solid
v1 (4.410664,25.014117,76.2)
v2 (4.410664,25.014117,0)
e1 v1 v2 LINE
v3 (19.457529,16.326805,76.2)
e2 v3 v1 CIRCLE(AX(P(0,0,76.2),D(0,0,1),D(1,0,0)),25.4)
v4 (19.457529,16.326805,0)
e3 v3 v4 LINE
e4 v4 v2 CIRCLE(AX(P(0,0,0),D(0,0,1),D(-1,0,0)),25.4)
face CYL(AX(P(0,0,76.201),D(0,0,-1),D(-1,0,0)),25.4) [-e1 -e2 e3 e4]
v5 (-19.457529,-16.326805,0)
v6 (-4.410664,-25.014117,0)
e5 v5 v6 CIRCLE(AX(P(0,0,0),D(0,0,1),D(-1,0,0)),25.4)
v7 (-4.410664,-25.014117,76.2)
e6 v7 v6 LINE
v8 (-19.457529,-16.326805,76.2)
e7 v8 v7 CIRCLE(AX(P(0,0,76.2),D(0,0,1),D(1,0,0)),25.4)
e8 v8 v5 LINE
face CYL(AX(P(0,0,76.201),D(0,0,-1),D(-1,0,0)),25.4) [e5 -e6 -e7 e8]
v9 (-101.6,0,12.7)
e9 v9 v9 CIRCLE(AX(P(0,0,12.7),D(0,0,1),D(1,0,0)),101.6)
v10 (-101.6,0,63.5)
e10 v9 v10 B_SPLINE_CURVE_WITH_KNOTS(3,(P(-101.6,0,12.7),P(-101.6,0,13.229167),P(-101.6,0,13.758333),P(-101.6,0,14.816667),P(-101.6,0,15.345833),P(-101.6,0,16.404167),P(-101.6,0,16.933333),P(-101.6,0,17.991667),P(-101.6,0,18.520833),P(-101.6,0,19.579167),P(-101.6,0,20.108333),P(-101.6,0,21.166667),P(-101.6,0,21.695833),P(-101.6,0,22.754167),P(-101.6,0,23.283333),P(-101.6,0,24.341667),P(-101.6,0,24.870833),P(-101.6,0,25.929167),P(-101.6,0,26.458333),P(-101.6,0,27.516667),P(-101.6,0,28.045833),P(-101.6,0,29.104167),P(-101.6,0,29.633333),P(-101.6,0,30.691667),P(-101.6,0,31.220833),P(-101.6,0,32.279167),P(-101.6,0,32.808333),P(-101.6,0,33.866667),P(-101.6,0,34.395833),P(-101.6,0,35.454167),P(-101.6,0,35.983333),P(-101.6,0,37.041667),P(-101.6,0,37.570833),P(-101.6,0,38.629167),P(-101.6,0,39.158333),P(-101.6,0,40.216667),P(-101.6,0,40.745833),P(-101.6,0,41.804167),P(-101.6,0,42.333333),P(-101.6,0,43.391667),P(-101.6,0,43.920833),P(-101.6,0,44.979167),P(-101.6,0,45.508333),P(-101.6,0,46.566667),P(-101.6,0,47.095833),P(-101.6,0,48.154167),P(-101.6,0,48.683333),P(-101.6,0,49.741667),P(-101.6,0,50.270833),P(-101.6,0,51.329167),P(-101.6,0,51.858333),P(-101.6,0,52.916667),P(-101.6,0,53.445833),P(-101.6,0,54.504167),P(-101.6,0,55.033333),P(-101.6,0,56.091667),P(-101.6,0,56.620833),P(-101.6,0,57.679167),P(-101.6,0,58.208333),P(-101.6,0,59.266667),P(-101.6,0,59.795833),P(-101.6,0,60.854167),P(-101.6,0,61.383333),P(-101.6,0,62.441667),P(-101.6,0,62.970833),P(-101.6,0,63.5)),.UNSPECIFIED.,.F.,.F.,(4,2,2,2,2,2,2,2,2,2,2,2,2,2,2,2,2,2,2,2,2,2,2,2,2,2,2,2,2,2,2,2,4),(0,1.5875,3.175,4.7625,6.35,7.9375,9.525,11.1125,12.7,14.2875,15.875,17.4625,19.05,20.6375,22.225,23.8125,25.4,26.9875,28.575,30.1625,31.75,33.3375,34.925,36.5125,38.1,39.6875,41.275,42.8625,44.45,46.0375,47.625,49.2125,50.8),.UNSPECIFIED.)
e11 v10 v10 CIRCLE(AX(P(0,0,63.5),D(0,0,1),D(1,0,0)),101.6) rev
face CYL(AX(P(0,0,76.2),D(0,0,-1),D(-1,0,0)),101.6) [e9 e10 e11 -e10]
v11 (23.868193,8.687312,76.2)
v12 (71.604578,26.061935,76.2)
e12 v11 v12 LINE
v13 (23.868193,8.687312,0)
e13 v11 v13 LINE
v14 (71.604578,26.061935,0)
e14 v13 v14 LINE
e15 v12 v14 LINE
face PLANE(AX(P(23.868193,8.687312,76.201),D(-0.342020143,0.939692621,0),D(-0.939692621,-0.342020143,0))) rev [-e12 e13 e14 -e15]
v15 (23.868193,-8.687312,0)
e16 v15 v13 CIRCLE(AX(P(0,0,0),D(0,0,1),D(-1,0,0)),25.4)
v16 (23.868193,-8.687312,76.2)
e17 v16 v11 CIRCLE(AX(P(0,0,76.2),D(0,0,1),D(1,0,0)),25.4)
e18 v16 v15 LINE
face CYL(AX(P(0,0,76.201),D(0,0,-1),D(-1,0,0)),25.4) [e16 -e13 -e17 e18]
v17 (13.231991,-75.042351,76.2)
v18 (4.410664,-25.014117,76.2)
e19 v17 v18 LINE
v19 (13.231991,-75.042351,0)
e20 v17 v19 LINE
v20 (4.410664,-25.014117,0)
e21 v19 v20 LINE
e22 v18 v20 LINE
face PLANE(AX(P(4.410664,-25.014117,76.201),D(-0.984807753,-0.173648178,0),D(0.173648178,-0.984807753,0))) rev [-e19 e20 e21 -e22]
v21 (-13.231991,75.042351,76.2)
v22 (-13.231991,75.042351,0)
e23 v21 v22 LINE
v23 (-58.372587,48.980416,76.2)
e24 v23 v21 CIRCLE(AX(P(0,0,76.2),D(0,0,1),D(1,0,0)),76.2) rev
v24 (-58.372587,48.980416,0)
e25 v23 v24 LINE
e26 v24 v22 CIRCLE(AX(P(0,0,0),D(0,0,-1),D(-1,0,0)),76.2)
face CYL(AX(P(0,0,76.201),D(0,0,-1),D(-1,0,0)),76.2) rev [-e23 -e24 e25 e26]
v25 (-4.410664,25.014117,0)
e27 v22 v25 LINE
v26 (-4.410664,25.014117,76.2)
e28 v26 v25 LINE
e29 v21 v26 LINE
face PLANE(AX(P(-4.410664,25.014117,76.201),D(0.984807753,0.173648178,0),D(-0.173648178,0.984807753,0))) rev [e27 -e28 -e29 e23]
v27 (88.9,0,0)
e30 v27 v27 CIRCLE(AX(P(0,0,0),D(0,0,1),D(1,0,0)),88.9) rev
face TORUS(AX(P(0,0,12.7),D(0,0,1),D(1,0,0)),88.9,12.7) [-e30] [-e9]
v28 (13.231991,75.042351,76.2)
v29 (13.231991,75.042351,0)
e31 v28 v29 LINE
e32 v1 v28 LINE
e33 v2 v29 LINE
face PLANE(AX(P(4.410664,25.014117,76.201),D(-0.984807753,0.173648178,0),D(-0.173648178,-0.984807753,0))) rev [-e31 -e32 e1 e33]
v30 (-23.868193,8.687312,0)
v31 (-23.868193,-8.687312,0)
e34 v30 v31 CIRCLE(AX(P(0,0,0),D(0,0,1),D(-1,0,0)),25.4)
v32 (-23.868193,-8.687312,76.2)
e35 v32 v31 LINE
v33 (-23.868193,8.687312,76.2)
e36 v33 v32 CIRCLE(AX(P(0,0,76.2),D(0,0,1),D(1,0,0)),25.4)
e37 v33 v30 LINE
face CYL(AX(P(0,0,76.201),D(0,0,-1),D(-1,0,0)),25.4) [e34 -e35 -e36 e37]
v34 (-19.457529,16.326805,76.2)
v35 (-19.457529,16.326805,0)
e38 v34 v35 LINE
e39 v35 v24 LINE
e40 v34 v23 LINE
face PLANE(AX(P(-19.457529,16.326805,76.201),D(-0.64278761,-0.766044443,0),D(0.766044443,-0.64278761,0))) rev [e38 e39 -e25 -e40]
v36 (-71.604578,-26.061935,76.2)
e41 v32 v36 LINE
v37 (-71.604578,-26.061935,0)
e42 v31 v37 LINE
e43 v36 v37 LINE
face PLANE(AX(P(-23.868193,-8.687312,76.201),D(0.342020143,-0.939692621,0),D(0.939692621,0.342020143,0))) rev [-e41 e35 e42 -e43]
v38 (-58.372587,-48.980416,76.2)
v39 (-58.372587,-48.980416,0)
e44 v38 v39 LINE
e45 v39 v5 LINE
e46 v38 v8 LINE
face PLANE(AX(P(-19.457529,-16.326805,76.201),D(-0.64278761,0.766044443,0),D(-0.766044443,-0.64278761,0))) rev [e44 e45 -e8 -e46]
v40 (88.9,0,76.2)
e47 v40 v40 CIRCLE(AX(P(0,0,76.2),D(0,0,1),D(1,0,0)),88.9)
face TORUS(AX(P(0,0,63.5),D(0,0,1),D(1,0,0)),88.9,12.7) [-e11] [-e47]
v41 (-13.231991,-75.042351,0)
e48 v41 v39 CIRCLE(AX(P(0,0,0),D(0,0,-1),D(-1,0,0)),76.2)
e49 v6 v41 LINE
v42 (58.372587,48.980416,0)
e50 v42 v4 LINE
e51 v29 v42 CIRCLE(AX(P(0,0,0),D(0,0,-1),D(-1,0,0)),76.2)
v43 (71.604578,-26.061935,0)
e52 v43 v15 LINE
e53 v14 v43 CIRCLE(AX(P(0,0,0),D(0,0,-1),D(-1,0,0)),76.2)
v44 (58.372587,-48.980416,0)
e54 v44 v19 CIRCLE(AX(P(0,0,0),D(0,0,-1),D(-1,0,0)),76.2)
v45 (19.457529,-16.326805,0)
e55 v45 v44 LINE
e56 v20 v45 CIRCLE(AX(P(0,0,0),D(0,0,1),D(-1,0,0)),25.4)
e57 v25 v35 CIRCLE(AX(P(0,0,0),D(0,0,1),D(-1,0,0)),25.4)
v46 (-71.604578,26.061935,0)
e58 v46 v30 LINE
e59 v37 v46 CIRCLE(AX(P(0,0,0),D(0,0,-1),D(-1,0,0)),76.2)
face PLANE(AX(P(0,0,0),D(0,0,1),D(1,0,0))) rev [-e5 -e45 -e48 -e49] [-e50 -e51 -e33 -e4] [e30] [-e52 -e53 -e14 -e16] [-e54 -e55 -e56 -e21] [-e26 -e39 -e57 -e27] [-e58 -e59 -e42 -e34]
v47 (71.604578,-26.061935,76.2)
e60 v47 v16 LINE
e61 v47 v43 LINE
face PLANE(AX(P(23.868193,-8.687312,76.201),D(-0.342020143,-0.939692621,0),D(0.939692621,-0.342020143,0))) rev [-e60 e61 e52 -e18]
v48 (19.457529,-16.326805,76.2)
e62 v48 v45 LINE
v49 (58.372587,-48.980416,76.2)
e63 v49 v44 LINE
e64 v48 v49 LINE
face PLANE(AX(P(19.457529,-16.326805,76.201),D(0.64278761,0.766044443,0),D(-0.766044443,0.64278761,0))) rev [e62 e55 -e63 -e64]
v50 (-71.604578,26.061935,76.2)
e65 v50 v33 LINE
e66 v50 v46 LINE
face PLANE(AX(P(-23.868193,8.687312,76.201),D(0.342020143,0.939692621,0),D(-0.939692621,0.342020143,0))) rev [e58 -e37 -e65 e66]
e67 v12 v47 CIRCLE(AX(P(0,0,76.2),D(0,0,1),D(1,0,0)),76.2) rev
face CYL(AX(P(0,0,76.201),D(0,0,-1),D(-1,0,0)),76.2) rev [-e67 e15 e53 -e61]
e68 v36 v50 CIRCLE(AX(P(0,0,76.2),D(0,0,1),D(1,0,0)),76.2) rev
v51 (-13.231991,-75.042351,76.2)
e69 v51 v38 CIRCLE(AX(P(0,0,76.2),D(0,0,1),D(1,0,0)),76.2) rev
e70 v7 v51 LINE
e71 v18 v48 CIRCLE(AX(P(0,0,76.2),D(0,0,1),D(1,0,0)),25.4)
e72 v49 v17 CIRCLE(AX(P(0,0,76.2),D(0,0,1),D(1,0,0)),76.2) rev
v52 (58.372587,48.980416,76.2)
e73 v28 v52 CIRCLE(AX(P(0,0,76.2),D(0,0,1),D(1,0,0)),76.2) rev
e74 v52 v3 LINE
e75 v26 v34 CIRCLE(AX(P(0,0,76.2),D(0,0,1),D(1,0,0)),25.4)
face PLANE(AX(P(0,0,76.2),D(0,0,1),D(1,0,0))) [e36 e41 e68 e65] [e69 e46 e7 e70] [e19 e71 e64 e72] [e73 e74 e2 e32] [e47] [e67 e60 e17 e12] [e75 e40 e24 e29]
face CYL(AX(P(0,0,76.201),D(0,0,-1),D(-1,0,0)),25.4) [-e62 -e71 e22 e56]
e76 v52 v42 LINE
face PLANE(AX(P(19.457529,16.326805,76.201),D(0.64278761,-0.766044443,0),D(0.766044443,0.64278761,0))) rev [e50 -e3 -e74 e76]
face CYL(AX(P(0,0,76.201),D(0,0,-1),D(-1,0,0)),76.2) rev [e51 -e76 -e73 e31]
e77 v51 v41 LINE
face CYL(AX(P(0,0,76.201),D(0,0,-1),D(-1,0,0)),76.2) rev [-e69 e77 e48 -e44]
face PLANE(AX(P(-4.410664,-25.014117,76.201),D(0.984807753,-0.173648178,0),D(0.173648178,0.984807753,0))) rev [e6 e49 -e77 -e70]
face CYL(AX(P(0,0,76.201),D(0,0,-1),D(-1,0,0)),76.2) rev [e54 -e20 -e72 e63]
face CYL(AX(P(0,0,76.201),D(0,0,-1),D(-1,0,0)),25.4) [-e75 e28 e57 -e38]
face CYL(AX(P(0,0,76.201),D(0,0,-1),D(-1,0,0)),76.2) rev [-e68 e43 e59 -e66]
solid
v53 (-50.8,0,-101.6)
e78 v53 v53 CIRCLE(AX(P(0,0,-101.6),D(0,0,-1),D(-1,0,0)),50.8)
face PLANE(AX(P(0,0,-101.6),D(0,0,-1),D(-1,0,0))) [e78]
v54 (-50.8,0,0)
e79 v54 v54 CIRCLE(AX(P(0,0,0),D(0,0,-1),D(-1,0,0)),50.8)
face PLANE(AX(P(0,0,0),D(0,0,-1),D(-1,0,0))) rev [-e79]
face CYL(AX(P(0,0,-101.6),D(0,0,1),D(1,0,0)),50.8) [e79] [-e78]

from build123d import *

# Parameters (mm, degrees)
SKETCH1_R           = 101.6
BOSS_EXTRUDE2_DEPTH = 76.2
CUT_EXTRUDE1_REACH  = 164.639
FILLET1_R           = 12.7
SKETCH6_R           = 50.8
BOSS_EXTRUDE4_DEPTH = 101.6


with BuildPart() as part:
    # Sketch1 → Boss-Extrude2 (new body)
    with BuildSketch(Plane.XY):
        with Locations(Location((0, 0, 0), (0, 0, 180))):
            Circle(SKETCH1_R)
    extrude(amount=BOSS_EXTRUDE2_DEPTH)

    # Sketch5 → Cut-Extrude1 (cut, up to next)
    with BuildSketch(Plane(origin=(0, 0, 0), x_dir=(-1, 0, 0), z_dir=(0, 0, -1)), mode=Mode.PRIVATE) as cut_extrude1_sk1:
        with BuildLine():
            Line((23.868192568, 8.68731164), (71.604577704, 26.061934921))
            ThreePointArc((71.604577704, 26.061934921), (76.2, 0), (71.604577704, -26.061934921))
            Line((71.604577704, -26.061934921), (23.868192568, -8.68731164))
            ThreePointArc((23.868192568, -8.68731164), (25.4, 0), (23.868192568, 8.68731164))
        make_face()
    cut_extrude1_tool1 = extrude(cut_extrude1_sk1.sketch, amount=-CUT_EXTRUDE1_REACH, mode=Mode.PRIVATE) & part.part
    # Sketch5 → Cut-Extrude1 (cut, up to next)
    with BuildSketch(Plane(origin=(0, 0, 0), x_dir=(-1, 0, 0), z_dir=(0, 0, -1)), mode=Mode.PRIVATE) as cut_extrude1_sk2:
        with BuildLine():
            Line((19.457528855, -16.326805286), (58.372586566, -48.980415858))
            ThreePointArc((58.372586566, -48.980415858), (38.1, -65.991135768), (13.231991138, -75.04235078))
            Line((13.231991138, -75.04235078), (4.410663713, -25.014116927))
            ThreePointArc((4.410663713, -25.014116927), (12.7, -21.997045256), (19.457528855, -16.326805286))
        make_face()
    cut_extrude1_tool2 = extrude(cut_extrude1_sk2.sketch, amount=-CUT_EXTRUDE1_REACH, mode=Mode.PRIVATE) & part.part
    # Sketch5 → Cut-Extrude1 (cut, up to next)
    with BuildSketch(Plane(origin=(0, 0, 0), x_dir=(-1, 0, 0), z_dir=(0, 0, -1)), mode=Mode.PRIVATE) as cut_extrude1_sk3:
        with BuildLine():
            Line((-4.410663713, -25.014116927), (-13.231991138, -75.04235078))
            ThreePointArc((-13.231991138, -75.04235078), (-38.1, -65.991135768), (-58.372586566, -48.980415858))
            Line((-58.372586566, -48.980415858), (-19.457528855, -16.326805286))
            ThreePointArc((-19.457528855, -16.326805286), (-12.7, -21.997045256), (-4.410663713, -25.014116927))
        make_face()
    cut_extrude1_tool3 = extrude(cut_extrude1_sk3.sketch, amount=-CUT_EXTRUDE1_REACH, mode=Mode.PRIVATE) & part.part
    # Sketch5 → Cut-Extrude1 (cut, up to next)
    with BuildSketch(Plane(origin=(0, 0, 0), x_dir=(-1, 0, 0), z_dir=(0, 0, -1)), mode=Mode.PRIVATE) as cut_extrude1_sk4:
        with BuildLine():
            Line((-23.868192568, -8.68731164), (-71.604577704, -26.061934921))
            ThreePointArc((-71.604577704, -26.061934921), (-76.2, 0), (-71.604577704, 26.061934921))
            Line((-71.604577704, 26.061934921), (-23.868192568, 8.68731164))
            ThreePointArc((-23.868192568, 8.68731164), (-25.4, 0), (-23.868192568, -8.68731164))
        make_face()
    cut_extrude1_tool4 = extrude(cut_extrude1_sk4.sketch, amount=-CUT_EXTRUDE1_REACH, mode=Mode.PRIVATE) & part.part
    # Sketch5 → Cut-Extrude1 (cut, up to next)
    with BuildSketch(Plane(origin=(0, 0, 0), x_dir=(-1, 0, 0), z_dir=(0, 0, -1)), mode=Mode.PRIVATE) as cut_extrude1_sk5:
        with BuildLine():
            Line((-19.457528855, 16.326805286), (-58.372586566, 48.980415858))
            ThreePointArc((-58.372586566, 48.980415858), (-38.1, 65.991135768), (-13.231991138, 75.04235078))
            Line((-13.231991138, 75.04235078), (-4.410663713, 25.014116927))
            ThreePointArc((-4.410663713, 25.014116927), (-12.7, 21.997045256), (-19.457528855, 16.326805286))
        make_face()
    cut_extrude1_tool5 = extrude(cut_extrude1_sk5.sketch, amount=-CUT_EXTRUDE1_REACH, mode=Mode.PRIVATE) & part.part
    # Sketch5 → Cut-Extrude1 (cut, up to next)
    with BuildSketch(Plane(origin=(0, 0, 0), x_dir=(-1, 0, 0), z_dir=(0, 0, -1)), mode=Mode.PRIVATE) as cut_extrude1_sk6:
        with BuildLine():
            Line((4.410663713, 25.014116927), (13.231991138, 75.04235078))
            ThreePointArc((13.231991138, 75.04235078), (38.1, 65.991135768), (58.372586566, 48.980415858))
            Line((58.372586566, 48.980415858), (19.457528855, 16.326805286))
            ThreePointArc((19.457528855, 16.326805286), (12.7, 21.997045256), (4.410663713, 25.014116927))
        make_face()
    cut_extrude1_tool6 = extrude(cut_extrude1_sk6.sketch, amount=-CUT_EXTRUDE1_REACH, mode=Mode.PRIVATE) & part.part
    add(cut_extrude1_tool1.solids().sort_by_distance((-53.922515, 0, 0))[0], mode=Mode.SUBTRACT)
    add(cut_extrude1_tool2.solids().sort_by_distance((-26.961258, -46.698268, 0))[0], mode=Mode.SUBTRACT)
    add(cut_extrude1_tool3.solids().sort_by_distance((26.961258, -46.698268, 0))[0], mode=Mode.SUBTRACT)
    add(cut_extrude1_tool4.solids().sort_by_distance((53.922515, 0, 0))[0], mode=Mode.SUBTRACT)
    add(cut_extrude1_tool5.solids().sort_by_distance((26.961258, 46.698268, 0))[0], mode=Mode.SUBTRACT)
    add(cut_extrude1_tool6.solids().sort_by_distance((-26.961258, 46.698268, 0))[0], mode=Mode.SUBTRACT)

    # Fillet1
    fillet1_edges = [part.edges().sort_by_distance(p)[0] for p in [
        (101.6, 0, 0),
        (101.6, 0, 76.2),
    ]]
    fillet(fillet1_edges, radius=FILLET1_R)


with BuildPart() as body_2:
    # Sketch6 → Boss-Extrude4 (new body)
    with BuildSketch(Plane(origin=(0, 0, 0), x_dir=(-1, 0, 0), z_dir=(0, 0, -1))):
        Circle(SKETCH6_R)
    extrude(amount=BOSS_EXTRUDE4_DEPTH)


solid = Compound([part.part, body_2.part])
